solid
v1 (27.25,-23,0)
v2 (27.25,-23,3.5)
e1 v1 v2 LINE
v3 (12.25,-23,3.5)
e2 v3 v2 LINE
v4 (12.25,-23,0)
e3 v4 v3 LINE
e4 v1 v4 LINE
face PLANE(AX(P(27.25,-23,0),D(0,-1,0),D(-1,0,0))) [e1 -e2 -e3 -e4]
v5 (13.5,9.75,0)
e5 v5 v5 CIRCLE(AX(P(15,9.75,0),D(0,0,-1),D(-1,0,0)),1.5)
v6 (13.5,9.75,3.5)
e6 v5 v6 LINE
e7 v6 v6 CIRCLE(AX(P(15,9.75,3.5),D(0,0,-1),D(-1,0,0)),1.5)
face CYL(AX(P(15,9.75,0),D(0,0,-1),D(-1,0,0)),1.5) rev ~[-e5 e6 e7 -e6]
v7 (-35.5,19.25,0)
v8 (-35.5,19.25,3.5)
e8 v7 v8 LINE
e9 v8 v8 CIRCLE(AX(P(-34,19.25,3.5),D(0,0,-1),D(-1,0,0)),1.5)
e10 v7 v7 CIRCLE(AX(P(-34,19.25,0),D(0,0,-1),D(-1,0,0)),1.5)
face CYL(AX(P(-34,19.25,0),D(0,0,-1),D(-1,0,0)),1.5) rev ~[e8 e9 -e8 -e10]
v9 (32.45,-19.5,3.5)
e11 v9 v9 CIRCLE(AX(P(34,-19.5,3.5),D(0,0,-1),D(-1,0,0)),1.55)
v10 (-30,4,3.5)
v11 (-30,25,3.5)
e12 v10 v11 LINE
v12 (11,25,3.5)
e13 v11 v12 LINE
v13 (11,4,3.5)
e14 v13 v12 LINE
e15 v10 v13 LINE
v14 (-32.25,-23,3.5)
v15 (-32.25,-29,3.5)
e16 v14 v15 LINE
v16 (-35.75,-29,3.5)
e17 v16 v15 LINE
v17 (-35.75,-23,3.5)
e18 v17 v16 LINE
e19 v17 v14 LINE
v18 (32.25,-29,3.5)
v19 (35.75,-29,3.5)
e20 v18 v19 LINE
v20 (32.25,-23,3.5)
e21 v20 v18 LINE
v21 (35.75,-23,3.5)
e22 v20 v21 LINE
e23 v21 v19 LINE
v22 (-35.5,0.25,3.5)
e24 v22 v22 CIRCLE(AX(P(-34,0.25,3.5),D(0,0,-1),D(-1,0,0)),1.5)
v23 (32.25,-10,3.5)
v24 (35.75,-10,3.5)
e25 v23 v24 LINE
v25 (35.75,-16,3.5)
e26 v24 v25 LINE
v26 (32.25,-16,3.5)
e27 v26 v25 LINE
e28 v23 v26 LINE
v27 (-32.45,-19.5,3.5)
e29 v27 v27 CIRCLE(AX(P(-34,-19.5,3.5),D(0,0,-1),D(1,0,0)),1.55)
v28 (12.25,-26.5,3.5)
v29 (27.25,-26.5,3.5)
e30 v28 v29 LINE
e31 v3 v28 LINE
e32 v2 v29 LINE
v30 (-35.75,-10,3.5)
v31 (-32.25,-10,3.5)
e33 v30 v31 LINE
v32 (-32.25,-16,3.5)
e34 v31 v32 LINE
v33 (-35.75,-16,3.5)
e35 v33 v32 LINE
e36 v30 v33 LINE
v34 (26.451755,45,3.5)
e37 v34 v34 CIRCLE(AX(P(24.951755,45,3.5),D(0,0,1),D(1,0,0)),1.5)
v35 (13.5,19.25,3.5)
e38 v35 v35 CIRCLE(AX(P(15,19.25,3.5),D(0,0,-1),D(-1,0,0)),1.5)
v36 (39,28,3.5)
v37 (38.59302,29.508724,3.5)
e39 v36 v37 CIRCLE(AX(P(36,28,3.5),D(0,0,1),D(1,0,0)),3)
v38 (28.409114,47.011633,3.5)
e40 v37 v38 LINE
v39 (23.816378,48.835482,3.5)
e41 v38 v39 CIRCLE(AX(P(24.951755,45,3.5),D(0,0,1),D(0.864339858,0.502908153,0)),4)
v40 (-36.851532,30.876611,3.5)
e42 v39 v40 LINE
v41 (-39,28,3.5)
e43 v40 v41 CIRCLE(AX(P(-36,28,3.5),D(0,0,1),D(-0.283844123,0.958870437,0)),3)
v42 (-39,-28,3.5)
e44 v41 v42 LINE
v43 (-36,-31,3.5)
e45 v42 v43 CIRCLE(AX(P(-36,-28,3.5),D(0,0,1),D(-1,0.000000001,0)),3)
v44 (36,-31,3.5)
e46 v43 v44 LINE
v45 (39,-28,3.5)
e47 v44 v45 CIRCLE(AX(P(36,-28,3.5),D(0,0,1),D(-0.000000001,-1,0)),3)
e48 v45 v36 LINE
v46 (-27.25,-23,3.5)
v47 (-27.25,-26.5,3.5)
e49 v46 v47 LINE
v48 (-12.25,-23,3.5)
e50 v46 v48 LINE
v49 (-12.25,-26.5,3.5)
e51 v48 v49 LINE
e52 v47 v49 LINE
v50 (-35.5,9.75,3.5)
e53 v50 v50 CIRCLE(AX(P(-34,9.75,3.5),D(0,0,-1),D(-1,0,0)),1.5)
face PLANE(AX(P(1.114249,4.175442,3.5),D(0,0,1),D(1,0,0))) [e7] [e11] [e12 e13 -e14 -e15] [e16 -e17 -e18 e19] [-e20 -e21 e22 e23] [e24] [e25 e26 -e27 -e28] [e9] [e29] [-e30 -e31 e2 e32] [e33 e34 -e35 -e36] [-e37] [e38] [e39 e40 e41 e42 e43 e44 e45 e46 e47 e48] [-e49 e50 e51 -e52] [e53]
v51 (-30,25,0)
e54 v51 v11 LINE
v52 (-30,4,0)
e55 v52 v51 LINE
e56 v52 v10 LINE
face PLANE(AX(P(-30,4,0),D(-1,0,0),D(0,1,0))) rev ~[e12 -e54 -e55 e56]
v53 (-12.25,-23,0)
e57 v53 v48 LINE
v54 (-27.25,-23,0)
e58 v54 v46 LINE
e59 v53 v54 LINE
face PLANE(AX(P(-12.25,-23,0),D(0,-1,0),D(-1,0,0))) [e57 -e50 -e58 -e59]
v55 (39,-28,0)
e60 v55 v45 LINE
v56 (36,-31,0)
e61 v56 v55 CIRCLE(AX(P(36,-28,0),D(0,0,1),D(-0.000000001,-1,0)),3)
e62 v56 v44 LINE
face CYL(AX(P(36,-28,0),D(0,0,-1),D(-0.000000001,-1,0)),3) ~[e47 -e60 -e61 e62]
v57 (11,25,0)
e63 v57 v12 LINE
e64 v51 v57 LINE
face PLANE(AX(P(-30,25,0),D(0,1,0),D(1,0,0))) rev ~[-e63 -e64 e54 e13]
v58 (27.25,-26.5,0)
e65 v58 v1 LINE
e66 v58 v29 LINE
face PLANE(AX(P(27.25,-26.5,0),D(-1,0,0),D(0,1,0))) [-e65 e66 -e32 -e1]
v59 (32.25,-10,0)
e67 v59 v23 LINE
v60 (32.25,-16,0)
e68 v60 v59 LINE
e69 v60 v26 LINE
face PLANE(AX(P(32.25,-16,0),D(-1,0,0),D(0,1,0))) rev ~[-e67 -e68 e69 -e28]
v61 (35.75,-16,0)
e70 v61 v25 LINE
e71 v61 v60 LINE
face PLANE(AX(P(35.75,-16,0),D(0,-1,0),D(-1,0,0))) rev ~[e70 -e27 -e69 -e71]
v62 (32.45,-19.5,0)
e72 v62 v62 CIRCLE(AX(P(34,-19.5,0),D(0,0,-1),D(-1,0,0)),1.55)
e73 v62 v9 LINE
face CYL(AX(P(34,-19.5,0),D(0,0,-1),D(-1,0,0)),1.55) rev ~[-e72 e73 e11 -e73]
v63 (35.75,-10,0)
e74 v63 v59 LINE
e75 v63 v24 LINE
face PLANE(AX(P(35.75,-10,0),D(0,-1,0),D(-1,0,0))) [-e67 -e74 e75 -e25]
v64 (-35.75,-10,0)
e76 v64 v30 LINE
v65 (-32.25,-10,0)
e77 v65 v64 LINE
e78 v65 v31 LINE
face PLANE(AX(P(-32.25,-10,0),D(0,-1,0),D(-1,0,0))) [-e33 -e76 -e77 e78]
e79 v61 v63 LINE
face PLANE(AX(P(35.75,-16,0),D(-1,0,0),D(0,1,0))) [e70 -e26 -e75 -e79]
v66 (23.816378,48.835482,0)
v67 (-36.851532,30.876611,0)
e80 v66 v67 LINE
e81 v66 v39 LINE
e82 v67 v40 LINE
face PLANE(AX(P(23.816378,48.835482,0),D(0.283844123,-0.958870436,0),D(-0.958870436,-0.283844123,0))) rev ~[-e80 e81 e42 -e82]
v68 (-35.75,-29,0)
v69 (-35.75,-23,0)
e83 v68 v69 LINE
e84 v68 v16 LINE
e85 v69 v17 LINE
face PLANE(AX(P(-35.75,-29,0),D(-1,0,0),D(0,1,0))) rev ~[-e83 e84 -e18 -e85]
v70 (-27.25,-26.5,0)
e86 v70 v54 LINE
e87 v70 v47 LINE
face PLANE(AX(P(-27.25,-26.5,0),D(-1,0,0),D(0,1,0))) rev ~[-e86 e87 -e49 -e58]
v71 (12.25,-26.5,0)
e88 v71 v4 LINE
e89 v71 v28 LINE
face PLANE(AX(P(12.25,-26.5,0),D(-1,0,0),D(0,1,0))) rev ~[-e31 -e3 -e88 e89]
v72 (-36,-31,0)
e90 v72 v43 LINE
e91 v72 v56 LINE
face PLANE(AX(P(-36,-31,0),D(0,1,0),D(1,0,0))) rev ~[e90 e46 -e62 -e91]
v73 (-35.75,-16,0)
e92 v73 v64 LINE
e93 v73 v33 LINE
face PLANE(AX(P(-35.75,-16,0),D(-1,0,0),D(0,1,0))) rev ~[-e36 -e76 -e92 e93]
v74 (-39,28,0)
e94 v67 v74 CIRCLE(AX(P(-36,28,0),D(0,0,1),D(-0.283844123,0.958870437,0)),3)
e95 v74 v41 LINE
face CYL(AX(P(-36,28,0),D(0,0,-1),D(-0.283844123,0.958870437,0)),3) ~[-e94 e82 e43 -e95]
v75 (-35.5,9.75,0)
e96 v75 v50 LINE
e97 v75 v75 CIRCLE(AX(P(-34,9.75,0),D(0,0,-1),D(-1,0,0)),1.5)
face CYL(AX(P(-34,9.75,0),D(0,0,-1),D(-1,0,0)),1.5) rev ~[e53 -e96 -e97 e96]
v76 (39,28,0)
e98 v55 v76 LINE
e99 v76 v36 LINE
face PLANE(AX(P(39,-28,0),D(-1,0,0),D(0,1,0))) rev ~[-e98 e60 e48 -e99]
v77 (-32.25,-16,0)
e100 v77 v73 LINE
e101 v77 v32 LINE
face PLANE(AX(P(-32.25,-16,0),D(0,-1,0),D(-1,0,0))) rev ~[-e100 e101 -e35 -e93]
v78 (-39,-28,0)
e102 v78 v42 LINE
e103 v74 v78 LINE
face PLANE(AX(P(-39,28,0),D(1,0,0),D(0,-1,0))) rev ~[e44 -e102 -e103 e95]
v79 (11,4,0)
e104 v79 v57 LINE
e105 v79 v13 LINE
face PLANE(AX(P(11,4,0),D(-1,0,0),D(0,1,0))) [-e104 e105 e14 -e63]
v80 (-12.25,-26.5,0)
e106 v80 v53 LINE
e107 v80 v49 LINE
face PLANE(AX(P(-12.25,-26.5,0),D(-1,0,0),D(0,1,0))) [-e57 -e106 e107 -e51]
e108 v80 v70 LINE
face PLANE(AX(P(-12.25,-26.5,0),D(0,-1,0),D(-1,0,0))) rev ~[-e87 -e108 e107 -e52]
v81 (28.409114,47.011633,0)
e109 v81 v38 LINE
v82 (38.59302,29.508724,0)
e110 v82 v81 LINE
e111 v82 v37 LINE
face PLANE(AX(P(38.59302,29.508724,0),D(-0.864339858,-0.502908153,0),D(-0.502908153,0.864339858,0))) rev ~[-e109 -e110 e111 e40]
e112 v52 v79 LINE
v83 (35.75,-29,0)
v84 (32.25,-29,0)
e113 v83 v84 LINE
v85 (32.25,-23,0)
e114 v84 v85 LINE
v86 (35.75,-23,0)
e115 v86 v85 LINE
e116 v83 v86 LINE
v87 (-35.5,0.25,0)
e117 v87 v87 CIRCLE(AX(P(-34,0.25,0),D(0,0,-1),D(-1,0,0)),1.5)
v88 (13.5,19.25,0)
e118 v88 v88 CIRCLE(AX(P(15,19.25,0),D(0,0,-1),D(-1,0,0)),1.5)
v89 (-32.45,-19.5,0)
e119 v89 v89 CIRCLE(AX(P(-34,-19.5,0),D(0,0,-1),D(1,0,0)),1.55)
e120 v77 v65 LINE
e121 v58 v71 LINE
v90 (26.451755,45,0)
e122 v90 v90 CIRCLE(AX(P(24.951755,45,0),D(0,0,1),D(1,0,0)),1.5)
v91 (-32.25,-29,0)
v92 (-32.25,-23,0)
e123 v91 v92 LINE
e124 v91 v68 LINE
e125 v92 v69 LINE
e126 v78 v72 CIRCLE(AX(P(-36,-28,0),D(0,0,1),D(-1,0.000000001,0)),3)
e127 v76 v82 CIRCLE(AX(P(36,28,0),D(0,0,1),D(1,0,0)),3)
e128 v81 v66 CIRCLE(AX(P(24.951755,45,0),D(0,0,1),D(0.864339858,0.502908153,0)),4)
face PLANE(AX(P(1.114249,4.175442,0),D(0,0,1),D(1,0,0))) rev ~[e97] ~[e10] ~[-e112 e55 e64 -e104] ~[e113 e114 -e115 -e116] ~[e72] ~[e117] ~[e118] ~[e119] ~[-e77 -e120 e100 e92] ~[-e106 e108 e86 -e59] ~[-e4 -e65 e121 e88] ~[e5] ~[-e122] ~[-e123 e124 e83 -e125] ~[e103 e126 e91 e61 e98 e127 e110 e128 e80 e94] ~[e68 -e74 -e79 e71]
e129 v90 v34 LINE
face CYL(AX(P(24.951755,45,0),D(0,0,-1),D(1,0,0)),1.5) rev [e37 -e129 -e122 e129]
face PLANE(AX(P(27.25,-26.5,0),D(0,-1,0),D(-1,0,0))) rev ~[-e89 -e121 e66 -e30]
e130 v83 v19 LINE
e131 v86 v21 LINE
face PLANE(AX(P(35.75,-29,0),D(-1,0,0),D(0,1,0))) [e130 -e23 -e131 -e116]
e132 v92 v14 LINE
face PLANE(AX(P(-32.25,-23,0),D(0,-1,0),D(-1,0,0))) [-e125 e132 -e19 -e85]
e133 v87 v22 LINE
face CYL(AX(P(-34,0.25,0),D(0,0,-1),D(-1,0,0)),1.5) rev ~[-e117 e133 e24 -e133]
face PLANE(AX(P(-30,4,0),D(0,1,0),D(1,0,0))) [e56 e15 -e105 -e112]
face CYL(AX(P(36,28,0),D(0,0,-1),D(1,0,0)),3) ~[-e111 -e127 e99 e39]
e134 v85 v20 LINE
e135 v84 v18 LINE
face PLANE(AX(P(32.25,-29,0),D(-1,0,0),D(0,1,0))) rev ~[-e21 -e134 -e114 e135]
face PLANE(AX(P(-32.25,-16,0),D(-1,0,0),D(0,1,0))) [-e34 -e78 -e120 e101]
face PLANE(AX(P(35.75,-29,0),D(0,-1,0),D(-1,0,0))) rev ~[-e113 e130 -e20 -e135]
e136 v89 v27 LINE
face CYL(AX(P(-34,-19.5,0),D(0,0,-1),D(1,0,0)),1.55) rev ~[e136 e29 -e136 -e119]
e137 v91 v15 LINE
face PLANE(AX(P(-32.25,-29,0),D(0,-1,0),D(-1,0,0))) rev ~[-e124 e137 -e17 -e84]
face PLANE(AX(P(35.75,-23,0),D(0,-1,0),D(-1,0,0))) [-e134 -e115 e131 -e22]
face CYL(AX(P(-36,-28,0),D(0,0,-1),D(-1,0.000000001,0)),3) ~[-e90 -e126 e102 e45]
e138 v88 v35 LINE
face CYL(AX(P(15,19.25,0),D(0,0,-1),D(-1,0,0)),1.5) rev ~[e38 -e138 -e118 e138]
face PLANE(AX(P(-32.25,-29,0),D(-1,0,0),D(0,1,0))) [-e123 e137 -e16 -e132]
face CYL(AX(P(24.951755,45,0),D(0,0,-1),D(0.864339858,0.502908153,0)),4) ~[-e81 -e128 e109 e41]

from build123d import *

# Parameters (mm, degrees)
SKETCH1_R           = 1.5
SKETCH1_W           = 41
SKETCH1_H           = 21
BOSS_EXTRUDE1_DEPTH = 3.5
SKETCH2_R           = 1.55
SKETCH2_W           = 3.5
SKETCH2_H           = 6
CUT_EXTRUDE1_DEPTH  = 63.723600024
SKETCH3_W           = 15
SKETCH3_H           = 3.5
CUT_EXTRUDE2_DEPTH  = 63.723600024
SKETCH4_R           = 1.5
CUT_EXTRUDE3_DEPTH  = 63.723600024
CUT_EXTRUDE5_REACH  = 64.724
SKETCH5_R           = 1.5


with BuildPart() as part:
    # Sketch1 → Boss-Extrude1 (new body)
    with BuildSketch(Plane.XY):
        with BuildLine():
            Line((-36, -31), (36, -31))
            ThreePointArc((36, -31), (38.121320344, -30.121320344), (39, -28))
            Line((39, -28), (39, 28))
            ThreePointArc((39, 28), (38.896468429, 28.781326206), (38.593019574, 29.508724458))
            Line((38.593019574, 29.508724458), (28.409114334, 47.011632611))
            ThreePointArc((28.409114334, 47.011632611), (26.428070455, 48.717592284), (23.81637841, 48.835481746))
            Line((23.81637841, 48.835481746), (-36.851532369, 30.876611309))
            ThreePointArc((-36.851532369, 30.876611309), (-38.403601164, 29.795188415), (-39, 28))
            Line((-39, 28), (-39, -28))
            ThreePointArc((-39, -28), (-38.121320344, -30.121320344), (-36, -31))
        make_face()
        with Locations((24.951754903, 45)):
            Circle(SKETCH1_R, mode=Mode.SUBTRACT)
        with Locations((-9.5, 14.5)):
            Rectangle(SKETCH1_W, SKETCH1_H, mode=Mode.SUBTRACT)
    extrude(amount=BOSS_EXTRUDE1_DEPTH)

    # Sketch2 → Cut-Extrude1 (cut, through all)
    with BuildSketch(Plane(origin=(0, 0, 0), x_dir=(-1, 0, 0), z_dir=(0, 0, -1))):
        with Locations((-34, -19.5)):
            Circle(SKETCH2_R)
        with Locations(Location((34, -19.5, 0), (0, 0, 180))):
            Circle(SKETCH2_R)
        with Locations((-34, -13)):
            Rectangle(SKETCH2_W, SKETCH2_H)
        with Locations((-34, -26)):
            Rectangle(SKETCH2_W, SKETCH2_H)
        with Locations((34, -26)):
            Rectangle(SKETCH2_W, SKETCH2_H)
        with Locations((34, -13)):
            Rectangle(SKETCH2_W, SKETCH2_H)
    extrude(amount=-CUT_EXTRUDE1_DEPTH, mode=Mode.SUBTRACT)

    # Sketch3 → Cut-Extrude2 (cut, through all)
    with BuildSketch(Plane(origin=(0, 0, 0), x_dir=(-1, 0, 0), z_dir=(0, 0, -1))):
        with Locations((19.75, -24.75)):
            Rectangle(SKETCH3_W, SKETCH3_H)
        with Locations((-19.75, -24.75)):
            Rectangle(SKETCH3_W, SKETCH3_H)
    extrude(amount=-CUT_EXTRUDE2_DEPTH, mode=Mode.SUBTRACT)

    # Sketch4 → Cut-Extrude3 (cut, through all)
    with BuildSketch(Plane(origin=(0, 0, 0), x_dir=(-1, 0, 0), z_dir=(0, 0, -1))):
        with Locations((-15, 19.25)):
            Circle(SKETCH4_R)
        with Locations((-15, 9.75)):
            Circle(SKETCH4_R)
        with Locations((34, 9.75)):
            Circle(SKETCH4_R)
        with Locations((34, 19.25)):
            Circle(SKETCH4_R)
    extrude(amount=-CUT_EXTRUDE3_DEPTH, mode=Mode.SUBTRACT)

    # Sketch5 → Cut-Extrude5 (cut, up to next)
    with BuildSketch(Plane(origin=(0, 0, 0), x_dir=(-1, 0, 0), z_dir=(0, 0, -1)), mode=Mode.PRIVATE) as cut_extrude5_sk1:
        with Locations((34, 0.25)):
            Circle(SKETCH5_R)
    cut_extrude5_tool1 = extrude(cut_extrude5_sk1.sketch, amount=-CUT_EXTRUDE5_REACH, mode=Mode.PRIVATE) & part.part
    add(cut_extrude5_tool1.solids().sort_by_distance((-34, 0.25, 0))[0], mode=Mode.SUBTRACT)


solid = part.part
